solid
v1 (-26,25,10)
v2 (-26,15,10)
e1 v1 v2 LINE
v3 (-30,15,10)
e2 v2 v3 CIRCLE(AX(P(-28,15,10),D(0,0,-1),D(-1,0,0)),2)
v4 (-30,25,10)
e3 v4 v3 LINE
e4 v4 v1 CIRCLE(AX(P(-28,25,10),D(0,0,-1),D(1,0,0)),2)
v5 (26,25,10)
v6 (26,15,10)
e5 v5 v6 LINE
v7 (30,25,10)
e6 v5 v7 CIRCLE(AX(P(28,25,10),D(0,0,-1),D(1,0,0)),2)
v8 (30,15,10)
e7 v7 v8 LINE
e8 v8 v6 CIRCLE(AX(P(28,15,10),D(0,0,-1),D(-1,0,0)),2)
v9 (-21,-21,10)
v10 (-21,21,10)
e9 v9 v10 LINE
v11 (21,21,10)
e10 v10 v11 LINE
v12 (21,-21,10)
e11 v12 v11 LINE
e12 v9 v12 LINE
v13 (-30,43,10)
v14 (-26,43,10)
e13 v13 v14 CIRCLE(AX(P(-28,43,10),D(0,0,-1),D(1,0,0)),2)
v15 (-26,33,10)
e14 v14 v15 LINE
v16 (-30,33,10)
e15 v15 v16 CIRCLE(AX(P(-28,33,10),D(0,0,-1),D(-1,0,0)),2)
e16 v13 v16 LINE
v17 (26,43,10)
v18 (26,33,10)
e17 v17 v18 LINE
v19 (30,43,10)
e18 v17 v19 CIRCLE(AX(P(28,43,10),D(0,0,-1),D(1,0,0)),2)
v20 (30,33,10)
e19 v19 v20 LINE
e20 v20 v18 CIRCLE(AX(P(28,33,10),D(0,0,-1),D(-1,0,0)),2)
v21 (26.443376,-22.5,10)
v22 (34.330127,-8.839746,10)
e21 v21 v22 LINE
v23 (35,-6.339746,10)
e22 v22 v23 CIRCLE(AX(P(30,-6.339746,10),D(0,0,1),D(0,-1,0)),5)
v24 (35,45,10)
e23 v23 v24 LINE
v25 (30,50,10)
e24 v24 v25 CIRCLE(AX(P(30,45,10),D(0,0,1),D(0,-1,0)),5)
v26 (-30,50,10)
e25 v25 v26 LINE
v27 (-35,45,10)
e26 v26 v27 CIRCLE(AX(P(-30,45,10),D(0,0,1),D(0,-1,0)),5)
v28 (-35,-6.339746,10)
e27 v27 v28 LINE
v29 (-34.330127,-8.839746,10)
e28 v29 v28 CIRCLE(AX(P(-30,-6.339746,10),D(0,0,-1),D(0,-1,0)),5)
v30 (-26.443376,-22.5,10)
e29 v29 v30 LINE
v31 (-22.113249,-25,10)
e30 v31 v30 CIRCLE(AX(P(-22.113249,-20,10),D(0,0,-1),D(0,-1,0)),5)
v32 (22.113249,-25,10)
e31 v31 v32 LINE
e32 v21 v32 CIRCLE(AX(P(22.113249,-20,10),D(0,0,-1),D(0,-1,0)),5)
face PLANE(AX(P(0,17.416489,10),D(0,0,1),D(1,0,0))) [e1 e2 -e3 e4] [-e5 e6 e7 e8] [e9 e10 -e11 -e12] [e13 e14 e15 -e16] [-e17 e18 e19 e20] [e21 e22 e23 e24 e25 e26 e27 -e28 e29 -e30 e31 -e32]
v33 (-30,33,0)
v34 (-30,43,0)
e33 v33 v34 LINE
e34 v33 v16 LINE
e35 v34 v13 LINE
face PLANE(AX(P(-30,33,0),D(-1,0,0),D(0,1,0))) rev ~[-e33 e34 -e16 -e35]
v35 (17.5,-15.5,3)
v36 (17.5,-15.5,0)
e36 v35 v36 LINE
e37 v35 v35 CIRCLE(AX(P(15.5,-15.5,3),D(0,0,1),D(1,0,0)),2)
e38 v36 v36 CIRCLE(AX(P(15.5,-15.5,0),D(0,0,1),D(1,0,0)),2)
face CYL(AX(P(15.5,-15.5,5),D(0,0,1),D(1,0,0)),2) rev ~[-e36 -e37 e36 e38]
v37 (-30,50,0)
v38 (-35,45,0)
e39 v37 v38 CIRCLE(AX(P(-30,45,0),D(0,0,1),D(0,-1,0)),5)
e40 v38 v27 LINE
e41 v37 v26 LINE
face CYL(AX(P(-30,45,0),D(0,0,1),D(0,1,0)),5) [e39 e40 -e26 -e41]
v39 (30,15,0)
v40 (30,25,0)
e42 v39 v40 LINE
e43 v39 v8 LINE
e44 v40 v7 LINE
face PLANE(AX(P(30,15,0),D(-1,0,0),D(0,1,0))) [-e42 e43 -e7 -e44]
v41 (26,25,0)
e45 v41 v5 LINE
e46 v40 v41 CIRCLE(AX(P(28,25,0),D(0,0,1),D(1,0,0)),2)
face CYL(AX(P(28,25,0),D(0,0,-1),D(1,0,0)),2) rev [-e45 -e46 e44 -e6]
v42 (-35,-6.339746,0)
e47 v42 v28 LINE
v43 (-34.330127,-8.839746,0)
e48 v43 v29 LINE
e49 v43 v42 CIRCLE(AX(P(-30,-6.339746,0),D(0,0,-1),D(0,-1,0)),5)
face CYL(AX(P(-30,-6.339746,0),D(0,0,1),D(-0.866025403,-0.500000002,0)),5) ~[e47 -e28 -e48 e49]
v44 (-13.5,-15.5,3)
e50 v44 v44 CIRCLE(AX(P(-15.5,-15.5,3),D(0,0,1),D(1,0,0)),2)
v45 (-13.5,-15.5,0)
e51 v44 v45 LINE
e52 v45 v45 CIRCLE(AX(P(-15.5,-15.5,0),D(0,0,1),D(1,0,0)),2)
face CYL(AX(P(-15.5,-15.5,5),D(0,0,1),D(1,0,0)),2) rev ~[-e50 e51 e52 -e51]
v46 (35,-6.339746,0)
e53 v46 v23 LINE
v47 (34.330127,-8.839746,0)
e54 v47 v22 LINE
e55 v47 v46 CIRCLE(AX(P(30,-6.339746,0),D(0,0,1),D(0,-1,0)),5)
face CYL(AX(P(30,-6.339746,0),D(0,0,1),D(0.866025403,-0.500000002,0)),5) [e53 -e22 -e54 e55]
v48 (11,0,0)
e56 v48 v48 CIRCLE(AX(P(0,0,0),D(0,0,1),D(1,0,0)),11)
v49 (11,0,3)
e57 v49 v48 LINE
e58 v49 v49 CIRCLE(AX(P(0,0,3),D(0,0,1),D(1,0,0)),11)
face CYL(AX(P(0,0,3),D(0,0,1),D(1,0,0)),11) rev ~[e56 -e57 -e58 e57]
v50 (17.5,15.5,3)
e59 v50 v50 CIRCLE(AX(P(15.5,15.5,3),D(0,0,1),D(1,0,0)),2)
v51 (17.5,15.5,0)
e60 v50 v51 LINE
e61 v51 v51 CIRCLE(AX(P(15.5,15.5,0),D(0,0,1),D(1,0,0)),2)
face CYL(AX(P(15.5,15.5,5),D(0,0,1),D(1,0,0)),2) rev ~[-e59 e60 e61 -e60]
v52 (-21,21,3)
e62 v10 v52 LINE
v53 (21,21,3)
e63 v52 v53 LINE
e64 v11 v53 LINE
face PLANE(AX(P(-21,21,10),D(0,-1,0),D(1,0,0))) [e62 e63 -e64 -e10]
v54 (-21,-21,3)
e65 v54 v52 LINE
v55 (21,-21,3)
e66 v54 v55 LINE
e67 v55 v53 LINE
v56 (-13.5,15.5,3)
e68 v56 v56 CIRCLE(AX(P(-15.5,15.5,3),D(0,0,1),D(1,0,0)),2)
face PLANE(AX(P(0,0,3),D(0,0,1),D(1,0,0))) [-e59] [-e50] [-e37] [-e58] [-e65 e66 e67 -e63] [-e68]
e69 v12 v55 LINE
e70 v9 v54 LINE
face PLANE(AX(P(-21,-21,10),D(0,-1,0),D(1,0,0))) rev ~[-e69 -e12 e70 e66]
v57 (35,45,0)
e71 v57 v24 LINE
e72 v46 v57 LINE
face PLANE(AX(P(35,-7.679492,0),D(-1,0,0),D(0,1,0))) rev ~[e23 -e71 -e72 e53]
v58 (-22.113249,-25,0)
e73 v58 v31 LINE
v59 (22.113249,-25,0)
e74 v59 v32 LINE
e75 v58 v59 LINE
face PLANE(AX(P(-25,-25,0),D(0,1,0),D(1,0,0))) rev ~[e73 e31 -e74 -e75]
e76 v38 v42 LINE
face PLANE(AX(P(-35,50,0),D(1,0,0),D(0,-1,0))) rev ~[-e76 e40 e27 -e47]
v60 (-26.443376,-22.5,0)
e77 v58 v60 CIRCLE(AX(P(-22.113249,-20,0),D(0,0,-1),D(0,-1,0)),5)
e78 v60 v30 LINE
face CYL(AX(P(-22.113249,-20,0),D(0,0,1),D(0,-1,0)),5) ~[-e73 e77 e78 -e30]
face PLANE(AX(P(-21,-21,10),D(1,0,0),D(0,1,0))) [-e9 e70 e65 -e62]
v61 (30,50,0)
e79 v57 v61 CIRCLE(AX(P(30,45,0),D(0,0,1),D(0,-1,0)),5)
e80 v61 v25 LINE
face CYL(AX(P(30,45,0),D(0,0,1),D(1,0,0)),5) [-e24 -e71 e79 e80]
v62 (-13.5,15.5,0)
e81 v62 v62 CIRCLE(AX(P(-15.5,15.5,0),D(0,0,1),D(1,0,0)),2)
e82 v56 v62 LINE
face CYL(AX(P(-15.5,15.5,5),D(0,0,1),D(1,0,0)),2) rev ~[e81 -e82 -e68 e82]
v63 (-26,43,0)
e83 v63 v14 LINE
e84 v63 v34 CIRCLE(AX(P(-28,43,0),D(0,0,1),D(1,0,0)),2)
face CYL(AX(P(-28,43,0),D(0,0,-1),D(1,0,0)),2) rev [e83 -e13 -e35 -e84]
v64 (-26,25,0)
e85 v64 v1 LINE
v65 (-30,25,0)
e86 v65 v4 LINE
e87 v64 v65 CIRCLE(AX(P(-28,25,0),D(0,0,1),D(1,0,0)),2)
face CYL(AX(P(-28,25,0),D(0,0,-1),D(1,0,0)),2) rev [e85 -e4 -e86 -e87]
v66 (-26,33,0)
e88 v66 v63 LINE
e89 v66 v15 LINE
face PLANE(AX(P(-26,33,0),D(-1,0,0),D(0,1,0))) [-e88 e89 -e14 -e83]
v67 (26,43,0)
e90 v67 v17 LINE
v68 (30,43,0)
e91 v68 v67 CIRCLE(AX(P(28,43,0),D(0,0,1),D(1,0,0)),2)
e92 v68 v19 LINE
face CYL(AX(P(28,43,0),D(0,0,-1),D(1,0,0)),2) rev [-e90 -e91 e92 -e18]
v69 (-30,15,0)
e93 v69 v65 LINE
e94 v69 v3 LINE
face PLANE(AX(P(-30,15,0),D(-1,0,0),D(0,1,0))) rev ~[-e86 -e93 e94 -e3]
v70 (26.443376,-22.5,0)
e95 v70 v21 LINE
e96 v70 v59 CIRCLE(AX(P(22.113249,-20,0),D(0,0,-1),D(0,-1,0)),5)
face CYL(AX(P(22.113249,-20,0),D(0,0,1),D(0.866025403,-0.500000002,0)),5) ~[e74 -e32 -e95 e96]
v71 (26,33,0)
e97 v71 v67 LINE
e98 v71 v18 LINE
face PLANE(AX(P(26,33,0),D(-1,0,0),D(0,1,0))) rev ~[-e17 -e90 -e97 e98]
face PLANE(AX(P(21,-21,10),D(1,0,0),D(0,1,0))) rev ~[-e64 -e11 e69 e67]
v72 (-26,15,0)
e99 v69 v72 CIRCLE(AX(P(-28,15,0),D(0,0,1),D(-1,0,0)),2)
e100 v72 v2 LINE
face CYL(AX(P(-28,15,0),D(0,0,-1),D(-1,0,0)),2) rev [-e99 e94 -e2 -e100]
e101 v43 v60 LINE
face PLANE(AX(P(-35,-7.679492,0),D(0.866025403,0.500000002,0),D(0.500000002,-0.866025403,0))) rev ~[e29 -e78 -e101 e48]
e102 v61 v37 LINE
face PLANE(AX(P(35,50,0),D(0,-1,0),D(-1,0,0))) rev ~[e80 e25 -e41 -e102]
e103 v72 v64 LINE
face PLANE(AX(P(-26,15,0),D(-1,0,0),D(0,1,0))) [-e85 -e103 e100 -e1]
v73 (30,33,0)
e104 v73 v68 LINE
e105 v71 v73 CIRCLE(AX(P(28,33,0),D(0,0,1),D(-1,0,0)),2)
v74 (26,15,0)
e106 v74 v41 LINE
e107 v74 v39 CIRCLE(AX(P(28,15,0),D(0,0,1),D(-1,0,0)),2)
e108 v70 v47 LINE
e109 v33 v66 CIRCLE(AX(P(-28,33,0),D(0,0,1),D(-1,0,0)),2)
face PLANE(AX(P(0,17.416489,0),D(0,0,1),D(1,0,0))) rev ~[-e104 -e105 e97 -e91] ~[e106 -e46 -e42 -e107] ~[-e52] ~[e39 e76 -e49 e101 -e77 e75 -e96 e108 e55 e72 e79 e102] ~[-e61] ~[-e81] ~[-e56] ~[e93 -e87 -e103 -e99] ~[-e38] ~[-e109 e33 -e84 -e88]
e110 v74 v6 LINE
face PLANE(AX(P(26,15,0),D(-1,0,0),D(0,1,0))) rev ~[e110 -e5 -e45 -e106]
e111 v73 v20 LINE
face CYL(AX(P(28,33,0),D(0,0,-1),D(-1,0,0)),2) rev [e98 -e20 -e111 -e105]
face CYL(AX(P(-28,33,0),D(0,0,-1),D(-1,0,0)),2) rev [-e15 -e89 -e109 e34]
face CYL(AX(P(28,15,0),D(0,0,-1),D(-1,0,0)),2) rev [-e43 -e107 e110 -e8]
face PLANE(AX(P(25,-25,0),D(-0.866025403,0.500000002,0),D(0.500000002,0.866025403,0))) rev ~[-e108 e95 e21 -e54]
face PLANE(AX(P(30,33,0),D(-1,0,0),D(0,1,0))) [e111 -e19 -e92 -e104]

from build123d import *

# Parameters (mm, degrees)
SKETCH_W                        = 50
SKETCH_H                        = 50
PAD_DEPTH                       = 10
SKETCH001_W                     = 42
SKETCH001_H                     = 42
POCKET_DEPTH                    = 7
SKETCH002_R                     = 11
POCKET001_DEPTH                 = 3.001
SKETCH005_R                     = 2
POCKET004_DEPTH                 = 5
PAD001_DEPTH                    = 10
POCKET005_DEPTH                 = 216.156281
POCKET005_LINEARPATTERN_2_DEPTH = 216.156281
LINEARPATTERN001_COUNT          = 2
LINEARPATTERN001_PITCH          = 18
FILLET_R                        = 5


with BuildPart() as part:
    # Sketch → Pad (new body)
    with BuildSketch(Plane.XY):
        Rectangle(SKETCH_W, SKETCH_H)
    extrude(amount=PAD_DEPTH)

    # Sketch001 (on Face6 of Pad) → Pocket (cut)
    with BuildSketch(Plane.XY.offset(10)):
        Rectangle(SKETCH001_W, SKETCH001_H)
    extrude(amount=-POCKET_DEPTH, mode=Mode.SUBTRACT)

    # Sketch002 (on Face11 of Pocket) → Pocket001 (cut, through all)
    with BuildSketch(Plane.XY.offset(3)):
        Circle(SKETCH002_R)
    extrude(amount=-POCKET001_DEPTH, mode=Mode.SUBTRACT)

    # Sketch005 → Pocket004 (cut)
    with BuildSketch(Plane.XY.offset(5)):
        with Locations((-15.5, 15.5)):
            Circle(SKETCH005_R)
        with Locations((15.5, 15.5)):
            Circle(SKETCH005_R)
        with Locations((15.5, -15.5)):
            Circle(SKETCH005_R)
        with Locations((-15.5, -15.5)):
            Circle(SKETCH005_R)
    extrude(amount=-POCKET004_DEPTH, mode=Mode.SUBTRACT)

    # Sketch006 → Pad001 (join)
    with BuildSketch(Plane.XY):
        Polygon((-25, 25), (25, 25), (25, -25), (35, -7.679492), (35, 50), (-35, 50), (-35, -7.679492), (-25, -25), align=None)
    extrude(amount=PAD001_DEPTH)

    # Sketch007 → Pocket005 (cut, through all)
    with BuildSketch(Plane.XY):
        with BuildLine():
            ThreePointArc((-30, 15), (-28, 13), (-26, 15))
            Line((-26, 15), (-26, 25))
            ThreePointArc((-26, 25), (-28, 27), (-30, 25))
            Line((-30, 15), (-30, 25))
        make_face()
    pocket005 = extrude(amount=POCKET005_DEPTH, mode=Mode.SUBTRACT)

    # Sketch007 LinearPattern 2 → Pocket005 LinearPattern 2 (cut, through all)
    with BuildSketch(Plane(origin=(56, 0, 0), x_dir=(1, 0, 0), z_dir=(0, 0, 1))):
        with BuildLine():
            ThreePointArc((-30, 15), (-28, 13), (-26, 15))
            Line((-26, 15), (-26, 25))
            ThreePointArc((-26, 25), (-28, 27), (-30, 25))
            Line((-30, 15), (-30, 25))
        make_face()
    pocket005_linearpattern_2 = extrude(amount=POCKET005_LINEARPATTERN_2_DEPTH, mode=Mode.SUBTRACT)

    # LinearPattern001: Pocket005, Pocket005 LinearPattern 2 ×2
    with Locations(*[(0, i * LINEARPATTERN001_PITCH, 0) for i in range(1, LINEARPATTERN001_COUNT)]):
        add(pocket005, mode=Mode.SUBTRACT)
        add(pocket005_linearpattern_2, mode=Mode.SUBTRACT)

    # Fillet
    fillet_edges = [part.edges().sort_by_distance(p)[0] for p in [
        (-35, 50, 5),
        (35, 50, 5),
        (-25, -25, 5),
        (25, -25, 5),
        (35, -7.679492, 5),
        (-35, -7.679492, 5),
    ]]
    fillet(fillet_edges, radius=FILLET_R)


solid = part.part
